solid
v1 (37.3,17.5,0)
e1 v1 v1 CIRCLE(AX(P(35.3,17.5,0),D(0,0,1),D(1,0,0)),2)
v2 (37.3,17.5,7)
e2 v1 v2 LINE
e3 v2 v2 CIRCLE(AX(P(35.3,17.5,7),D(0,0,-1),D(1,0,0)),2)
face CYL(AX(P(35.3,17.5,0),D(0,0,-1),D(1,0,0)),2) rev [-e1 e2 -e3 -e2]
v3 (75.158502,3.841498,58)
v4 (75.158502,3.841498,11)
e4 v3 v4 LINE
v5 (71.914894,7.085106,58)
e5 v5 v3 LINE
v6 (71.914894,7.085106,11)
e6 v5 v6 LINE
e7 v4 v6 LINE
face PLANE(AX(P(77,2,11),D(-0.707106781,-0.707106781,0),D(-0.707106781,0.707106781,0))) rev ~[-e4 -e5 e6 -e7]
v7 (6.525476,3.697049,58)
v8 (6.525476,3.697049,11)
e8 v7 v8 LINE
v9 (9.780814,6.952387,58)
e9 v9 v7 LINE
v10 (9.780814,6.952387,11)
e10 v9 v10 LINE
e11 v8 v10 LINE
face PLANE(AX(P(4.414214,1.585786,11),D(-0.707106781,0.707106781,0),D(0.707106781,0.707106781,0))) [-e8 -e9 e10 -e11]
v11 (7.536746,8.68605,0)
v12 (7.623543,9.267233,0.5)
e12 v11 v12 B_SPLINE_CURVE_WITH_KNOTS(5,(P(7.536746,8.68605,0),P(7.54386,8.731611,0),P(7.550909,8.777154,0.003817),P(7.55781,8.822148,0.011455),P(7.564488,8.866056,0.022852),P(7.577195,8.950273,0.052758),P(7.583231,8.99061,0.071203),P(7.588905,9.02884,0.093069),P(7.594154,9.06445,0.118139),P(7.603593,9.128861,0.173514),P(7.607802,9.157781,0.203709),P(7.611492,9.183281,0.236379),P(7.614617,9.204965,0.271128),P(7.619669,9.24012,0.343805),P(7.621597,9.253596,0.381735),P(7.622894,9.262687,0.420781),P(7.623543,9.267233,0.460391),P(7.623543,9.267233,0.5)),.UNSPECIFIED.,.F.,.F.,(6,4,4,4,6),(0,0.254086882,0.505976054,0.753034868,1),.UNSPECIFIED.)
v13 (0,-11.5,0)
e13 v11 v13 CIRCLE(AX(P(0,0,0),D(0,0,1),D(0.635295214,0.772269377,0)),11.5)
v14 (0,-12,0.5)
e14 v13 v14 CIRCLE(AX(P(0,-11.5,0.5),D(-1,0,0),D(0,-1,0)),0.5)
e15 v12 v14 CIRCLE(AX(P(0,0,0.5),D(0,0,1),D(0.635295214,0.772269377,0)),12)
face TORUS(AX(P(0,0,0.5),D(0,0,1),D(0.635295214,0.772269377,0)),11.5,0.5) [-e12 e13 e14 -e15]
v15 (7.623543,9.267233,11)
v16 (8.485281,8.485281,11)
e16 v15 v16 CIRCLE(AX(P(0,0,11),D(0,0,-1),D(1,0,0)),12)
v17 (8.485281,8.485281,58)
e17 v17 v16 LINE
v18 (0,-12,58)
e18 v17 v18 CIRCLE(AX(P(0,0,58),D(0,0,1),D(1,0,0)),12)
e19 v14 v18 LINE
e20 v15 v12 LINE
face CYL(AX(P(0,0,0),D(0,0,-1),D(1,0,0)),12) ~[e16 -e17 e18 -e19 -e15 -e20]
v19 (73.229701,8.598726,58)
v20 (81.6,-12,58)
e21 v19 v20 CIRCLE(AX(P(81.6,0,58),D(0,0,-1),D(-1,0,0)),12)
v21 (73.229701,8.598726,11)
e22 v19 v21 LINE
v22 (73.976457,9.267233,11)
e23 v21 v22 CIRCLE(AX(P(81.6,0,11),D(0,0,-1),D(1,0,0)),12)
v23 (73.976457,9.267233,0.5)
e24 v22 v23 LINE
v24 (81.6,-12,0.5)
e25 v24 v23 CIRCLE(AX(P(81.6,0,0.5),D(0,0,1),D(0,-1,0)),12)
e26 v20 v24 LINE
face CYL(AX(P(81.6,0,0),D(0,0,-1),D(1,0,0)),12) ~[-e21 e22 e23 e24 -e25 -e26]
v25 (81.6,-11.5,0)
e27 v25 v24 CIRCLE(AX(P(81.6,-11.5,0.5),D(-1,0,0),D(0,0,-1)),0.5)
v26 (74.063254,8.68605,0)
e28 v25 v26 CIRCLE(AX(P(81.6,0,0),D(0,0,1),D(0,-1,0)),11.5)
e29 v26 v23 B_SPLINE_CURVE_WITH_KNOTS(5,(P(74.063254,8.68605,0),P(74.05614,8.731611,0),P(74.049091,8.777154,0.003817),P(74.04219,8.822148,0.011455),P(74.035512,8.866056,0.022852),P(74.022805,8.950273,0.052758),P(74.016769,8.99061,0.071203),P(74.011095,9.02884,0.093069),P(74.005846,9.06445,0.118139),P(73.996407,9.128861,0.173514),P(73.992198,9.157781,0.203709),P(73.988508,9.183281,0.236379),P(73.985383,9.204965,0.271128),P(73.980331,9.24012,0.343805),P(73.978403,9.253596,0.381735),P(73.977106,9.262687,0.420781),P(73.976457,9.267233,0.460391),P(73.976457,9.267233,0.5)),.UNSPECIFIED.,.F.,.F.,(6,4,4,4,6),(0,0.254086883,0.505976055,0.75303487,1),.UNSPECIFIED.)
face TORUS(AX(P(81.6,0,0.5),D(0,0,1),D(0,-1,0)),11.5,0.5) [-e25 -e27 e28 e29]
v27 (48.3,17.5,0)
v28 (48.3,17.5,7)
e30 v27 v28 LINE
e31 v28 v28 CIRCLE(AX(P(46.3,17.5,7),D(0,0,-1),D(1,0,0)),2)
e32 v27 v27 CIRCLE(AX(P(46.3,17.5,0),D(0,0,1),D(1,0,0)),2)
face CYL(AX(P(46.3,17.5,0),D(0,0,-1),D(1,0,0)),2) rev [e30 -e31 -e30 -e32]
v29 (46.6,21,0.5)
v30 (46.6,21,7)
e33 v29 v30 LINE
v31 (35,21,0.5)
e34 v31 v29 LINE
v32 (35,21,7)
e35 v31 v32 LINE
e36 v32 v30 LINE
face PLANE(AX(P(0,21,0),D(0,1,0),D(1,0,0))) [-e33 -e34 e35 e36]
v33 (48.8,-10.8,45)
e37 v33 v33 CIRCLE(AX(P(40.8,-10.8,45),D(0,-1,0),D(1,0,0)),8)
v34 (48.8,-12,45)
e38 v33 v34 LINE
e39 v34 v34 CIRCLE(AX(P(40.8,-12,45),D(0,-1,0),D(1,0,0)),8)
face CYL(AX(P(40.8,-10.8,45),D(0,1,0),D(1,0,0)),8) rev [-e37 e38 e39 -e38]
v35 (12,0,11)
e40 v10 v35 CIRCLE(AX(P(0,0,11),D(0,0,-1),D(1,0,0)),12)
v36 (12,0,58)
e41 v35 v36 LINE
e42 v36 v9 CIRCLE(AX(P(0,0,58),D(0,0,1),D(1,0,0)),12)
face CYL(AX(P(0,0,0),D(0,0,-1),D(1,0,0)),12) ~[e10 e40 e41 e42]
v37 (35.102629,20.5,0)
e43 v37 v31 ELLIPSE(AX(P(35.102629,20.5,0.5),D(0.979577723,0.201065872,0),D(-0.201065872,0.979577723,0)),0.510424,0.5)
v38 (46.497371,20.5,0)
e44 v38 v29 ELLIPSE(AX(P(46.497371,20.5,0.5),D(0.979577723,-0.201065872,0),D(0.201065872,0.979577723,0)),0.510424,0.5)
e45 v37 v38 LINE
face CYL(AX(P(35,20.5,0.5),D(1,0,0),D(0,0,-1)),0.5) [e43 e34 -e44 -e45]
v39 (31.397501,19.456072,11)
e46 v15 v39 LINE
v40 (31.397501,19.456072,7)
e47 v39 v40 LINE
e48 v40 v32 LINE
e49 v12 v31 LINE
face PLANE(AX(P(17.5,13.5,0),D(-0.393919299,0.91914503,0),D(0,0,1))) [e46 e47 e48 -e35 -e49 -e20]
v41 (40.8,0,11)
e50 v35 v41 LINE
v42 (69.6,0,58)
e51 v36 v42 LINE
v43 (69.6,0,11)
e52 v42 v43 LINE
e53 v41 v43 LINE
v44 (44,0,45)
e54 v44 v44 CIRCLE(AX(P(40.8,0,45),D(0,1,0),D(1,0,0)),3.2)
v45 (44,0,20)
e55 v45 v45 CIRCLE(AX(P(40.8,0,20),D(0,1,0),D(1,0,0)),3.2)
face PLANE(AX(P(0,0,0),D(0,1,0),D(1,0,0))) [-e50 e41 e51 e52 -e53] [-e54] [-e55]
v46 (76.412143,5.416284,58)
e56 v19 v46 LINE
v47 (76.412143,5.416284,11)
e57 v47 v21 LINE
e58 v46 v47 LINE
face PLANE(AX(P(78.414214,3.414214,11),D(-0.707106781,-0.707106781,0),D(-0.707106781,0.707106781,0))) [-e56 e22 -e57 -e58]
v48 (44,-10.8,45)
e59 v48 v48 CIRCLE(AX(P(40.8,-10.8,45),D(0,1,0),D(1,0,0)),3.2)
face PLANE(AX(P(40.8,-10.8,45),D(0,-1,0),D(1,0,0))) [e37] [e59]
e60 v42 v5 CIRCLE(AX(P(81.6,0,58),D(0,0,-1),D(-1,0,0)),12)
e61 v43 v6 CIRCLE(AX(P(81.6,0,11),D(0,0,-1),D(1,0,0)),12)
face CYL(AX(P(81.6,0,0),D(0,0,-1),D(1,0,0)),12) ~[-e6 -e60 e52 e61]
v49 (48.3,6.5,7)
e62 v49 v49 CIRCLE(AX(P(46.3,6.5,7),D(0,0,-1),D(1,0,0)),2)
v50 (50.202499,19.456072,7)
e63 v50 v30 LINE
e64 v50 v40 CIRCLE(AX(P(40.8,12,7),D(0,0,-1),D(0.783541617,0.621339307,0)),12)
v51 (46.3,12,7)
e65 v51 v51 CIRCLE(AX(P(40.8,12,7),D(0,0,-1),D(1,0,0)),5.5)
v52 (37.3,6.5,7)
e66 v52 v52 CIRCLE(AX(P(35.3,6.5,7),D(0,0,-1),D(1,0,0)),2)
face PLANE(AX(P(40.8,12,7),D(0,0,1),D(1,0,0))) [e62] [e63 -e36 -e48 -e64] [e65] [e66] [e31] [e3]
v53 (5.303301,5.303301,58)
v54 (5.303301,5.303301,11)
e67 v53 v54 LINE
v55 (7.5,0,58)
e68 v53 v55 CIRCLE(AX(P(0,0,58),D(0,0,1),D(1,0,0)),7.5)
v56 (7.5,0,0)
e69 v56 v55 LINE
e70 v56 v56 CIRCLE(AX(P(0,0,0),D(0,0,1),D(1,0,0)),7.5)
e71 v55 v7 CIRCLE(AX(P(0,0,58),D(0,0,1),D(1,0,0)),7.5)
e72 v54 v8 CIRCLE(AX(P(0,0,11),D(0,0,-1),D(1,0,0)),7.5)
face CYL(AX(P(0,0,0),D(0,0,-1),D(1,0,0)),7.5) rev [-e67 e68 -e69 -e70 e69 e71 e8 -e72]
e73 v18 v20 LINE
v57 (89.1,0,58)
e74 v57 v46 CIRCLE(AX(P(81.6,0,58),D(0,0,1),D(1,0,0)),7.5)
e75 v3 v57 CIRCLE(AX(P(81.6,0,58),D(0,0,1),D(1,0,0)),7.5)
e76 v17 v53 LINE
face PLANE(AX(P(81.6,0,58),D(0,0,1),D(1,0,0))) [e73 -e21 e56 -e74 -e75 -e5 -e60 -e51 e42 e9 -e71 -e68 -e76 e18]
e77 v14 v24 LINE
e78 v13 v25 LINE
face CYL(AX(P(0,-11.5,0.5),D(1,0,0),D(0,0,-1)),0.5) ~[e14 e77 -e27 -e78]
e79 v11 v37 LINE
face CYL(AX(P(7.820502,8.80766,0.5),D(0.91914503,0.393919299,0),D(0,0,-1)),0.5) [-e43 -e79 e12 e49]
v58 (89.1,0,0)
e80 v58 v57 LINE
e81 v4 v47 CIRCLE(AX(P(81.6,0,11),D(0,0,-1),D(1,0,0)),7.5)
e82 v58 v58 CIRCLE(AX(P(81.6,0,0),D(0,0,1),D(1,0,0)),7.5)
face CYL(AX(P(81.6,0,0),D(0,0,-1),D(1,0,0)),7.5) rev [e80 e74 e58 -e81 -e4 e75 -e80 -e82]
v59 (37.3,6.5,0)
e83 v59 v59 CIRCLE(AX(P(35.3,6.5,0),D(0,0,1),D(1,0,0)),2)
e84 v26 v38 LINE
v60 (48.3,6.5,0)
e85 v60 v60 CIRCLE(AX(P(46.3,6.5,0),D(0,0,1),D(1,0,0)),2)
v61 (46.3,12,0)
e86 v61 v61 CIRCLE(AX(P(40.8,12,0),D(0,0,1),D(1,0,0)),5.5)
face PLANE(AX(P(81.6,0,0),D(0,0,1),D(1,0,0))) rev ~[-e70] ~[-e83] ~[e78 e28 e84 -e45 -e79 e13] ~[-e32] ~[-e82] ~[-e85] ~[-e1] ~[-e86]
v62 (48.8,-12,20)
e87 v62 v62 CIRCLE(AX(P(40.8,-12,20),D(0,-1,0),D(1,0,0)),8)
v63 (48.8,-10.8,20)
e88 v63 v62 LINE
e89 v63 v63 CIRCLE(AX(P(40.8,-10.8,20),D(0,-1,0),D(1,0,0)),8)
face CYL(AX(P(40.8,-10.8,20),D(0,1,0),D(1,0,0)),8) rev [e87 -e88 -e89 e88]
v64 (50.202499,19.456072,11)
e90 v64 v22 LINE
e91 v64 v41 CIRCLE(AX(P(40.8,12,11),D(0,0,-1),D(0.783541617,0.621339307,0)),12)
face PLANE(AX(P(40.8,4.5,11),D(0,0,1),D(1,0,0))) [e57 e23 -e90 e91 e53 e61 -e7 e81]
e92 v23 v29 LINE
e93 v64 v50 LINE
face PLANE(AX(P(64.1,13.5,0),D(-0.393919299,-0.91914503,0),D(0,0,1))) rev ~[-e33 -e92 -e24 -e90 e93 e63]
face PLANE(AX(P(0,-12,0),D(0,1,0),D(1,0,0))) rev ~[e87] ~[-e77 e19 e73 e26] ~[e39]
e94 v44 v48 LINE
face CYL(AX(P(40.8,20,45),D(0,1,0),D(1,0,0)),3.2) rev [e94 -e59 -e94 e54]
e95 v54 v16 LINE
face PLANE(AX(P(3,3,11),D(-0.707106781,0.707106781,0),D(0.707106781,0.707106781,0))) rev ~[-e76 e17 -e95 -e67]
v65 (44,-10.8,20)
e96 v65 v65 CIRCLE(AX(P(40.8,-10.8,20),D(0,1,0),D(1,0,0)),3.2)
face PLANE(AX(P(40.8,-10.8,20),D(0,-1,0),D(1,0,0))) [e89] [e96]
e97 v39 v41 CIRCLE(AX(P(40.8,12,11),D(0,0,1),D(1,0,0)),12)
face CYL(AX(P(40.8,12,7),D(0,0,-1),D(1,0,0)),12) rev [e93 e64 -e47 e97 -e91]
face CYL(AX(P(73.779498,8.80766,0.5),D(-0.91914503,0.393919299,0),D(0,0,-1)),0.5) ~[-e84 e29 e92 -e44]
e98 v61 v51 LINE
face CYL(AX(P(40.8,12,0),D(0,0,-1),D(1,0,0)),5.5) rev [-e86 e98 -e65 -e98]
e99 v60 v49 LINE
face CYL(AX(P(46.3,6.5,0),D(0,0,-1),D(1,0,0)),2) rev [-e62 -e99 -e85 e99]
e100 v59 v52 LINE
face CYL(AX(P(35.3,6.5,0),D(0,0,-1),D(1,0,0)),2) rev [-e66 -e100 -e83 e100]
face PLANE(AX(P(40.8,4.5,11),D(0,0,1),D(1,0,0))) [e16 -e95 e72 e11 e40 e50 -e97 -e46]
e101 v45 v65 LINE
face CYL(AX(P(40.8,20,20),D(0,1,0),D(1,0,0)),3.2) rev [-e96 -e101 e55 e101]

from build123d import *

# Parameters (mm, degrees)
CYLINDER010_R          = 3.2
CYLINDER010_DEPTH      = 40
CYLINDER011_R          = 3.2
CYLINDER011_DEPTH      = 40
CYLINDER012_R          = 8
CYLINDER012_DEPTH      = 1.2
CYLINDER013_R          = 8
CYLINDER013_DEPTH      = 1.2
BOX002_W               = 2
BOX002_H               = 10
BOX002_DEPTH           = 60
BOX002_PLACEMENT_ANGLE = 45
BOX003_W               = 2
BOX003_H               = 10
BOX003_DEPTH           = 60
BOX003_PLACEMENT_ANGLE = 45
CYLINDER006_R          = 2
CYLINDER006_DEPTH      = 20
CYLINDER007_R          = 2
CYLINDER007_DEPTH      = 20
CYLINDER008_R          = 2
CYLINDER008_DEPTH      = 20
CYLINDER009_R          = 2
CYLINDER009_DEPTH      = 20
CYLINDER005_R          = 12
CYLINDER005_DEPTH      = 4
CYLINDER004_R          = 5.5
CYLINDER004_DEPTH      = 20
CYLINDER002_R          = 7.5
CYLINDER002_DEPTH      = 58
CYLINDER_R             = 7.5
CYLINDER_DEPTH         = 58
BOX001_W               = 81.6
BOX001_H               = 33
BOX001_DEPTH           = 11
CHAMFER_1_SIZE2        = 35
CHAMFER_1_SIZE         = 15
CHAMFER_2_SIZE2        = 35
CHAMFER_2_SIZE         = 15
CYLINDER001_R          = 12
CYLINDER001_DEPTH      = 58
CYLINDER003_R          = 12
CYLINDER003_DEPTH      = 58
BOX_W                  = 81.6
BOX_H                  = 12
BOX_DEPTH              = 58
FILLET_R               = 0.5


with BuildPart() as cylinder:
    # Cylinder010 → Cylinder010 (new body)
    with BuildSketch(Plane(origin=(40.8, 20, 20), x_dir=(1, 0, 0), z_dir=(0, -1, 0))):
        Circle(CYLINDER010_R)
    extrude(amount=CYLINDER010_DEPTH)


with BuildPart() as cylinder001:
    # Cylinder011 → Cylinder011 (new body)
    with BuildSketch(Plane(origin=(40.8, 20, 45), x_dir=(1, 0, 0), z_dir=(0, -1, 0))):
        Circle(CYLINDER011_R)
    extrude(amount=CYLINDER011_DEPTH)


with BuildPart() as cylinder002:
    # Cylinder012 → Cylinder012 (new body)
    with BuildSketch(Plane(origin=(40.8, -10.8, 20), x_dir=(1, 0, 0), z_dir=(0, -1, 0))):
        Circle(CYLINDER012_R)
    extrude(amount=CYLINDER012_DEPTH)


with BuildPart() as cylinder003:
    # Cylinder013 → Cylinder013 (new body)
    with BuildSketch(Plane(origin=(40.8, -10.8, 45), x_dir=(1, 0, 0), z_dir=(0, -1, 0))):
        Circle(CYLINDER013_R)
    extrude(amount=CYLINDER013_DEPTH)


with BuildPart() as w_rfel002:
    # Box002 → Box002 (new body)
    with BuildSketch(Plane.XY):
        with Locations((1, 5)):
            Rectangle(BOX002_W, BOX002_H)
    extrude(amount=BOX002_DEPTH)


with BuildPart() as w_rfel002_1:
    # Box002 placement: moved
    add(w_rfel002.part.moved(Location((77, 2, 11))).rotate(Axis((77, 2, 11), (0, 0, 1)), BOX002_PLACEMENT_ANGLE))


with BuildPart() as w_rfel003:
    # Box003 → Box003 (new body)
    with BuildSketch(Plane.XY):
        with Locations((1, 5)):
            Rectangle(BOX003_W, BOX003_H)
    extrude(amount=BOX003_DEPTH)


with BuildPart() as w_rfel003_1:
    # Box003 placement: moved
    add(w_rfel003.part.moved(Location((3, 3, 11))).rotate(Axis((3, 3, 11), (0, 0, -1)), BOX003_PLACEMENT_ANGLE))


with BuildPart() as zylinder006:
    # Cylinder006 → Cylinder006 (new body)
    with BuildSketch(Plane(origin=(35.3, 6.5, 0), x_dir=(1, 0, 0), z_dir=(0, 0, 1))):
        Circle(CYLINDER006_R)
    extrude(amount=CYLINDER006_DEPTH)


with BuildPart() as zylinder007:
    # Cylinder007 → Cylinder007 (new body)
    with BuildSketch(Plane(origin=(35.3, 17.5, 0), x_dir=(1, 0, 0), z_dir=(0, 0, 1))):
        Circle(CYLINDER007_R)
    extrude(amount=CYLINDER007_DEPTH)


with BuildPart() as zylinder008:
    # Cylinder008 → Cylinder008 (new body)
    with BuildSketch(Plane(origin=(46.3, 6.5, 0), x_dir=(1, 0, 0), z_dir=(0, 0, 1))):
        Circle(CYLINDER008_R)
    extrude(amount=CYLINDER008_DEPTH)


with BuildPart() as zylinder009:
    # Cylinder009 → Cylinder009 (new body)
    with BuildSketch(Plane(origin=(46.3, 17.5, 0), x_dir=(1, 0, 0), z_dir=(0, 0, 1))):
        Circle(CYLINDER009_R)
    extrude(amount=CYLINDER009_DEPTH)


with BuildPart() as zylinder005:
    # Cylinder005 → Cylinder005 (new body)
    with BuildSketch(Plane(origin=(40.8, 12, 7), x_dir=(1, 0, 0), z_dir=(0, 0, 1))):
        Circle(CYLINDER005_R)
    extrude(amount=CYLINDER005_DEPTH)


with BuildPart() as zylinder004:
    # Cylinder004 → Cylinder004 (new body)
    with BuildSketch(Plane(origin=(40.8, 12, 0), x_dir=(1, 0, 0), z_dir=(0, 0, 1))):
        Circle(CYLINDER004_R)
    extrude(amount=CYLINDER004_DEPTH)


with BuildPart() as zylinder002:
    # Cylinder002 → Cylinder002 (new body)
    with BuildSketch(Plane(origin=(81.6, 0, 0), x_dir=(1, 0, 0), z_dir=(0, 0, 1))):
        Circle(CYLINDER002_R)
    extrude(amount=CYLINDER002_DEPTH)


with BuildPart() as zylinder:
    # Cylinder → Cylinder (new body)
    with BuildSketch(Plane.XY):
        Circle(CYLINDER_R)
    extrude(amount=CYLINDER_DEPTH)


with BuildPart() as chamfer_body:
    # Box001 → Box001 (new body)
    with BuildSketch(Plane(origin=(0, -12, 0), x_dir=(1, 0, 0), z_dir=(0, 0, 1))):
        with Locations((40.8, 16.5)):
            Rectangle(BOX001_W, BOX001_H)
    extrude(amount=BOX001_DEPTH)

    # Chamfer 1
    chamfer_1_edges = [chamfer_body.edges().sort_by_distance(p)[0] for p in [
        (81.6, 21, 5.5),
    ]]
    chamfer_1_side = chamfer_body.faces().sort_by_distance((81.6, 4.5, 5.5))[0]
    chamfer(chamfer_1_edges, length=CHAMFER_1_SIZE, length2=CHAMFER_1_SIZE2, reference=chamfer_1_side)

    # Chamfer 2
    chamfer_2_edges = [chamfer_body.edges().sort_by_distance(p)[0] for p in [
        (0, 21, 5.5),
    ]]
    chamfer_2_side = chamfer_body.faces().sort_by_distance((0, 4.5, 5.5))[0]
    chamfer(chamfer_2_edges, length=CHAMFER_2_SIZE, length2=CHAMFER_2_SIZE2, reference=chamfer_2_side)


with BuildPart() as zylinder001:
    # Cylinder001 → Cylinder001 (new body)
    with BuildSketch(Plane.XY):
        Circle(CYLINDER001_R)
    extrude(amount=CYLINDER001_DEPTH)


with BuildPart() as zylinder003:
    # Cylinder003 → Cylinder003 (new body)
    with BuildSketch(Plane(origin=(81.6, 0, 0), x_dir=(1, 0, 0), z_dir=(0, 0, 1))):
        Circle(CYLINDER003_R)
    extrude(amount=CYLINDER003_DEPTH)


with BuildPart() as fillet_body:
    # Box → Box (new body)
    with BuildSketch(Plane(origin=(0, -12, 0), x_dir=(1, 0, 0), z_dir=(0, 0, 1))):
        with Locations((40.8, 6)):
            Rectangle(BOX_W, BOX_H)
    extrude(amount=BOX_DEPTH)

    # Fusion: union Chamfer body, Zylinder001, Zylinder003
    add(chamfer_body.part)
    add(zylinder001.part)
    add(zylinder003.part)

    # Cut: cut Zylinder
    add(zylinder.part, mode=Mode.SUBTRACT)

    # Cut001: cut Zylinder002
    add(zylinder002.part, mode=Mode.SUBTRACT)

    # Cut002: cut Zylinder004
    add(zylinder004.part, mode=Mode.SUBTRACT)

    # Cut003: cut Zylinder005
    add(zylinder005.part, mode=Mode.SUBTRACT)

    # Cut004: cut Zylinder009
    add(zylinder009.part, mode=Mode.SUBTRACT)

    # Cut005: cut Zylinder008
    add(zylinder008.part, mode=Mode.SUBTRACT)

    # Cut006: cut Zylinder007
    add(zylinder007.part, mode=Mode.SUBTRACT)

    # Cut007: cut Zylinder006
    add(zylinder006.part, mode=Mode.SUBTRACT)

    # Cut008: cut Würfel003
    add(w_rfel003_1.part, mode=Mode.SUBTRACT)

    # Cut009: cut Würfel002
    add(w_rfel002_1.part, mode=Mode.SUBTRACT)

    # Cut010: cut Cylinder003
    add(cylinder003.part, mode=Mode.SUBTRACT)

    # Cut011: cut Cylinder002
    add(cylinder002.part, mode=Mode.SUBTRACT)

    # Cut012: cut Cylinder001
    add(cylinder001.part, mode=Mode.SUBTRACT)

    # Cut013: cut Cylinder
    add(cylinder.part, mode=Mode.SUBTRACT)

    # Fillet
    fillet_edges = [fillet_body.edges().sort_by_distance(p)[0] for p in [
        (-11.296167, 4.049272, 0),
        (40.8, -12, 0),
        (21.311771, 15.133616, 0),
        (40.8, 21, 0),
        (60.288229, 15.133616, 0),
        (86.724329, 10.850864, 0),
        (90.085281, -8.485281, 0),
    ]]
    fillet(fillet_edges, radius=FILLET_R)


solid = fillet_body.part
